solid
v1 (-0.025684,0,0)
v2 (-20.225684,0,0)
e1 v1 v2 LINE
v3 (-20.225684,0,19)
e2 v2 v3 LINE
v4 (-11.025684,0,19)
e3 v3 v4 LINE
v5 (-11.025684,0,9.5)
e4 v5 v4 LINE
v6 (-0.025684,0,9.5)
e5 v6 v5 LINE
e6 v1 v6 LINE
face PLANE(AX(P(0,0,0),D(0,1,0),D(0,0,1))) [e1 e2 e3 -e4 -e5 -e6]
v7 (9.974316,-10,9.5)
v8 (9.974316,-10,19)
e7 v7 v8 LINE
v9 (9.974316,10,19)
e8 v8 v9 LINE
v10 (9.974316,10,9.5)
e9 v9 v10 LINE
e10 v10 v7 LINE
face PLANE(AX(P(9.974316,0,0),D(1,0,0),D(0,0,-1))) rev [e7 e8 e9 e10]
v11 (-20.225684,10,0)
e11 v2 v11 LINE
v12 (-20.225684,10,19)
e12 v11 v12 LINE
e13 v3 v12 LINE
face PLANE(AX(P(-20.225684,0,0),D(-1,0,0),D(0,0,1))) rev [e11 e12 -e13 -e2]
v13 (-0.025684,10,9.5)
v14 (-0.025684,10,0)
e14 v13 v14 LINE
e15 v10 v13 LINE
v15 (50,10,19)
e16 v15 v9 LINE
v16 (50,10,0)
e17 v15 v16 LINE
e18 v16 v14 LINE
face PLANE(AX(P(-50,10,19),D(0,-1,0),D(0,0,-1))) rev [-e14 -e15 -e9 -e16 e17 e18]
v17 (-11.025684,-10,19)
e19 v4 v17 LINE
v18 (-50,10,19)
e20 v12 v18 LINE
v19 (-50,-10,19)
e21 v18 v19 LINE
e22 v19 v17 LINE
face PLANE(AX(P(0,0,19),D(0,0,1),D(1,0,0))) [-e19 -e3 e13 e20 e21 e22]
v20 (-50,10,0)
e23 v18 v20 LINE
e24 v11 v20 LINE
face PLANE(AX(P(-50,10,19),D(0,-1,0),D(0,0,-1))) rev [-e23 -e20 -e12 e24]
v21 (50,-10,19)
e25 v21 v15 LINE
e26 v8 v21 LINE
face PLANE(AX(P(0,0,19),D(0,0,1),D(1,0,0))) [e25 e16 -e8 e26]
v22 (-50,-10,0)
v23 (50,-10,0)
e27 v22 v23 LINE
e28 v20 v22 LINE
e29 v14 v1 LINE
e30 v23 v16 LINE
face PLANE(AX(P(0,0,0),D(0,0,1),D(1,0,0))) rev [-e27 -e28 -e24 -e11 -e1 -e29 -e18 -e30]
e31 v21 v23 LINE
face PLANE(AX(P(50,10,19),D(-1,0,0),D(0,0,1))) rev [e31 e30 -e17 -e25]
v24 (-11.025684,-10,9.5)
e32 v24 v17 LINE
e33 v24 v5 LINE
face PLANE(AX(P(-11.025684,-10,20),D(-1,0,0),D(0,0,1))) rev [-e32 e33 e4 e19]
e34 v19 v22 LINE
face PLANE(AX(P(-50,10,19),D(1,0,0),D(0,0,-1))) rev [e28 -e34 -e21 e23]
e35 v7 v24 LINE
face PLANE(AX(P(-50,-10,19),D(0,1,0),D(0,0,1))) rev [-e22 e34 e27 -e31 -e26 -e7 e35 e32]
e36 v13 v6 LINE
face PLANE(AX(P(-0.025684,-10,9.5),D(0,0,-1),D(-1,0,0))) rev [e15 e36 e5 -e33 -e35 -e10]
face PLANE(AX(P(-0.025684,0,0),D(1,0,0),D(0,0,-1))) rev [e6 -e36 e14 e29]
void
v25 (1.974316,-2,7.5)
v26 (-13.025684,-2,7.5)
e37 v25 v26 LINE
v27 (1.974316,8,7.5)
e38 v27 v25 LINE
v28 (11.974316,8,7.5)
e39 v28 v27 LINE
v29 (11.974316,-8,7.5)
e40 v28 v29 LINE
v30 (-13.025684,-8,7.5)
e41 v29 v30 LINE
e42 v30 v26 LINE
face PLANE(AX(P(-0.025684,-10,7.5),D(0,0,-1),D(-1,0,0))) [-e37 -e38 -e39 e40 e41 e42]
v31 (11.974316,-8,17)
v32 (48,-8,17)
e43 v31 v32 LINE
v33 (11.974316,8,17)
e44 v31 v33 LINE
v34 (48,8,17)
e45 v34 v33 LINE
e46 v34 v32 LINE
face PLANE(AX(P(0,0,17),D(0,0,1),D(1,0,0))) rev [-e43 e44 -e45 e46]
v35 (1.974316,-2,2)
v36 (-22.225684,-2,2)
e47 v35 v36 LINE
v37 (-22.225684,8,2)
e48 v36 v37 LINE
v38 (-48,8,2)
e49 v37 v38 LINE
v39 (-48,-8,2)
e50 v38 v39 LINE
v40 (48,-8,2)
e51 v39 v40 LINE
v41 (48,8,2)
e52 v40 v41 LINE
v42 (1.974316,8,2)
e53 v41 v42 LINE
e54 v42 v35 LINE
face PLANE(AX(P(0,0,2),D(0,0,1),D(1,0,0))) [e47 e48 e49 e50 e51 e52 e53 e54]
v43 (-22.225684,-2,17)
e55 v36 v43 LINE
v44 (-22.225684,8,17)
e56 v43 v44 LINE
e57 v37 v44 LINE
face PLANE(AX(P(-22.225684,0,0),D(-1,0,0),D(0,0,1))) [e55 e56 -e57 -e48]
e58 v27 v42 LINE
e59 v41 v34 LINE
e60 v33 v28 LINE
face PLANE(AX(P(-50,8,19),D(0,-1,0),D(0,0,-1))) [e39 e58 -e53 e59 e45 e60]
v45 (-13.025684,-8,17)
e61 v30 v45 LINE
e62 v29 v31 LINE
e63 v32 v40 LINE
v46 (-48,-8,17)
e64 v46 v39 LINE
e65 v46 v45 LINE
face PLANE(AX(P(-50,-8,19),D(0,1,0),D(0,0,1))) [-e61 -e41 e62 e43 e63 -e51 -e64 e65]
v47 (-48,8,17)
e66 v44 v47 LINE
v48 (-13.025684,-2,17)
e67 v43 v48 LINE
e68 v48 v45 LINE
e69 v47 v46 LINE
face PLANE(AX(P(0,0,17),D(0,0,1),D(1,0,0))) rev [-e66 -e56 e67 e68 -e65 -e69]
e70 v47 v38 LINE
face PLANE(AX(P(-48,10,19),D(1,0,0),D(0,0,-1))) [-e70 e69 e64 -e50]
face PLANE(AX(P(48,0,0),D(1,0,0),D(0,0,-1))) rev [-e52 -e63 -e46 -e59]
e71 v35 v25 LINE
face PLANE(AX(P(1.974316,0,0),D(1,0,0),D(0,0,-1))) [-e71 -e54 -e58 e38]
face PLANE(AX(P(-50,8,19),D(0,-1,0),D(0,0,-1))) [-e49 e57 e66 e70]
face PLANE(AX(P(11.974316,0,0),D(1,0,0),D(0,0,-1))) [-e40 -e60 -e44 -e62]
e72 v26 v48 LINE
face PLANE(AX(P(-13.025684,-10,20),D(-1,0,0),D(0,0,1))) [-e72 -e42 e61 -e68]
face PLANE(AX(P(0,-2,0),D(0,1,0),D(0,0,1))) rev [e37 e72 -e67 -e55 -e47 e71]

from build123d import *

# Parameters (mm, degrees)
SKETCH_1_W           = 100
SKETCH_1_H           = 20
EXTRUDE_1_DEPTH      = 19
SKETCH_2_W           = 30
SKETCH_2_H           = 9
CUT_EXTRUDE_8_DEPTH  = 36.5
SKETCH_7_W           = 11
SKETCH_7_H           = 19
CUT_EXTRUDE_9_DEPTH  = 10
SKETCH_8_W           = 20
SKETCH_8_H           = 10
CUT_EXTRUDE_10_DEPTH = 10
SKETCH_9_W           = 11
SKETCH_9_H           = 19
EXTRUDE_3_DEPTH      = 10
SKETCH_10_W          = 10
SKETCH_10_H          = 10
EXTRUDE_4_DEPTH      = 10
SKETCH_11_W          = 10
SKETCH_11_H          = 10
CUT_EXTRUDE_11_DEPTH = 10
SKETCH_16_W          = 9
SKETCH_16_H          = 20
EXTRUDE_8_DEPTH      = 10
SKETCH_17_W          = 10
SKETCH_17_H          = 10
EXTRUDE_9_DEPTH      = 20
SKETCH_12_W          = 10
SKETCH_12_H          = 9
CUT_EXTRUDE_12_DEPTH = 21
SKETCH_19_W          = 10.2
SKETCH_19_H          = 19
CUT_EXTRUDE_16_DEPTH = 10
SKETCH_20_W          = 9
SKETCH_20_H          = 20
EXTRUDE_10_DEPTH     = 10
SKETCH_21_W          = 11
SKETCH_21_H          = 10.5
CUT_EXTRUDE_17_DEPTH = 10
SKETCH_22_W          = 0.5
SKETCH_22_H          = 20
CUT_EXTRUDE_18_DEPTH = 10
SHELL_1_T            = -2
SKETCH_23_W          = 15
SKETCH_23_H          = 16
EXTRUDE_11_DEPTH     = 2


with BuildPart() as part:
    # 草圖1 → 填料-伸長1 (new body)
    with BuildSketch(Plane.XY):
        Rectangle(SKETCH_1_W, SKETCH_1_H)
    extrude(amount=EXTRUDE_1_DEPTH)

    # 草圖2 → 除料-伸長8 (cut)
    with BuildSketch(Plane(origin=(0, 10, 0), x_dir=(1, 0, 0), z_dir=(0, 1, 0))):
        with Locations((4.974315736, -14.5)):
            Rectangle(SKETCH_2_W, SKETCH_2_H)
    extrude(amount=-CUT_EXTRUDE_8_DEPTH, mode=Mode.SUBTRACT)

    # 草圖7 → 除料-伸長9 (cut)
    with BuildSketch(Plane(origin=(0, 10, 0), x_dir=(1, 0, 0), z_dir=(0, 1, 0))):
        with Locations((-15.525684264, -9.5)):
            Rectangle(SKETCH_7_W, SKETCH_7_H)
    extrude(amount=-CUT_EXTRUDE_9_DEPTH, mode=Mode.SUBTRACT)

    # 草圖8 → 除料-伸長10 (cut)
    with BuildSketch(Plane(origin=(0, 10, 0), x_dir=(1, 0, 0), z_dir=(0, 1, 0))):
        with Locations((-0.025684264, -5)):
            Rectangle(SKETCH_8_W, SKETCH_8_H)
    extrude(amount=-CUT_EXTRUDE_10_DEPTH, mode=Mode.SUBTRACT)

    # 草圖9 → 填料-伸長3 (add)
    with BuildSketch(Plane(origin=(0, 0, 0), x_dir=(1, 0, 0), z_dir=(0, 1, 0))):
        with Locations((-15.525684264, -9.5)):
            Rectangle(SKETCH_9_W, SKETCH_9_H)
    extrude(amount=EXTRUDE_3_DEPTH)

    # 草圖10 → 填料-伸長4 (add)
    with BuildSketch(Plane(origin=(-10.025684264, 0, 0), x_dir=(0, 0, -1), z_dir=(1, 0, 0))):
        with Locations((-15, -5)):
            Rectangle(SKETCH_10_W, SKETCH_10_H)
    extrude(amount=EXTRUDE_4_DEPTH)

    # 草圖11 → 除料-伸長11 (cut)
    with BuildSketch(Plane(origin=(0, 10, 0), x_dir=(1, 0, 0), z_dir=(0, 1, 0))):
        with Locations((14.974315736, -5)):
            Rectangle(SKETCH_11_W, SKETCH_11_H)
    extrude(amount=-CUT_EXTRUDE_11_DEPTH, mode=Mode.SUBTRACT)

    # 草圖16 → 填料-伸長8 (add)
    with BuildSketch(Plane.ZY.offset(-19.974315736)):
        with Locations((14.5, 0)):
            Rectangle(SKETCH_16_W, SKETCH_16_H)
    extrude(amount=EXTRUDE_8_DEPTH)

    # 草圖17 → 填料-伸長9 (add)
    with BuildSketch(Plane.ZY.offset(-19.974315736)):
        with Locations((5, 5)):
            Rectangle(SKETCH_17_W, SKETCH_17_H)
    extrude(amount=EXTRUDE_9_DEPTH)

    # 草圖12 → 除料-伸長12 (cut)
    with BuildSketch(Plane(origin=(0, 10, 0), x_dir=(1, 0, 0), z_dir=(0, 1, 0))):
        with Locations((24.974315736, -14.5)):
            Rectangle(SKETCH_12_W, SKETCH_12_H)
    extrude(amount=-CUT_EXTRUDE_12_DEPTH, mode=Mode.SUBTRACT)

    # 草圖19 → 除料-伸長16 (cut)
    with BuildSketch(Plane(origin=(0, 10, 0), x_dir=(1, 0, 0), z_dir=(0, 1, 0))):
        with Locations((-15.125684264, -9.5)):
            Rectangle(SKETCH_19_W, SKETCH_19_H)
    extrude(amount=-CUT_EXTRUDE_16_DEPTH, mode=Mode.SUBTRACT)

    # 草圖20 → 填料-伸長10 (add)
    with BuildSketch(Plane.ZY.offset(-29.974315736)):
        with Locations((14.5, 0)):
            Rectangle(SKETCH_20_W, SKETCH_20_H)
    extrude(amount=EXTRUDE_10_DEPTH)

    # 草圖21 → 除料-伸長17 (cut)
    with BuildSketch(Plane(origin=(0, 0, 0), x_dir=(1, 0, 0), z_dir=(0, 1, 0))):
        with Locations((-5.525684264, -14.75)):
            Rectangle(SKETCH_21_W, SKETCH_21_H)
    extrude(amount=-CUT_EXTRUDE_17_DEPTH, mode=Mode.SUBTRACT)

    # 草圖22 → 除料-伸長18 (cut)
    with BuildSketch(Plane.ZY.offset(0.025684264)):
        with Locations((9.75, 0)):
            Rectangle(SKETCH_22_W, SKETCH_22_H)
    extrude(amount=-CUT_EXTRUDE_18_DEPTH, mode=Mode.SUBTRACT)

    # 薄殼1
    shell_1_openings = [part.faces().sort_by_distance(p)[0] for p in [
        (50, 0, 9.5),
    ]]
    offset(amount=SHELL_1_T, openings=shell_1_openings, kind=Kind.INTERSECTION)

    # 草圖23 → 填料-伸長11 (add)
    with BuildSketch(Plane(origin=(50, 0, 0), x_dir=(0, 0, -1), z_dir=(1, 0, 0))):
        with Locations((-9.5, 0)):
            Rectangle(SKETCH_23_W, SKETCH_23_H)
    extrude(amount=-EXTRUDE_11_DEPTH)


solid = part.part
